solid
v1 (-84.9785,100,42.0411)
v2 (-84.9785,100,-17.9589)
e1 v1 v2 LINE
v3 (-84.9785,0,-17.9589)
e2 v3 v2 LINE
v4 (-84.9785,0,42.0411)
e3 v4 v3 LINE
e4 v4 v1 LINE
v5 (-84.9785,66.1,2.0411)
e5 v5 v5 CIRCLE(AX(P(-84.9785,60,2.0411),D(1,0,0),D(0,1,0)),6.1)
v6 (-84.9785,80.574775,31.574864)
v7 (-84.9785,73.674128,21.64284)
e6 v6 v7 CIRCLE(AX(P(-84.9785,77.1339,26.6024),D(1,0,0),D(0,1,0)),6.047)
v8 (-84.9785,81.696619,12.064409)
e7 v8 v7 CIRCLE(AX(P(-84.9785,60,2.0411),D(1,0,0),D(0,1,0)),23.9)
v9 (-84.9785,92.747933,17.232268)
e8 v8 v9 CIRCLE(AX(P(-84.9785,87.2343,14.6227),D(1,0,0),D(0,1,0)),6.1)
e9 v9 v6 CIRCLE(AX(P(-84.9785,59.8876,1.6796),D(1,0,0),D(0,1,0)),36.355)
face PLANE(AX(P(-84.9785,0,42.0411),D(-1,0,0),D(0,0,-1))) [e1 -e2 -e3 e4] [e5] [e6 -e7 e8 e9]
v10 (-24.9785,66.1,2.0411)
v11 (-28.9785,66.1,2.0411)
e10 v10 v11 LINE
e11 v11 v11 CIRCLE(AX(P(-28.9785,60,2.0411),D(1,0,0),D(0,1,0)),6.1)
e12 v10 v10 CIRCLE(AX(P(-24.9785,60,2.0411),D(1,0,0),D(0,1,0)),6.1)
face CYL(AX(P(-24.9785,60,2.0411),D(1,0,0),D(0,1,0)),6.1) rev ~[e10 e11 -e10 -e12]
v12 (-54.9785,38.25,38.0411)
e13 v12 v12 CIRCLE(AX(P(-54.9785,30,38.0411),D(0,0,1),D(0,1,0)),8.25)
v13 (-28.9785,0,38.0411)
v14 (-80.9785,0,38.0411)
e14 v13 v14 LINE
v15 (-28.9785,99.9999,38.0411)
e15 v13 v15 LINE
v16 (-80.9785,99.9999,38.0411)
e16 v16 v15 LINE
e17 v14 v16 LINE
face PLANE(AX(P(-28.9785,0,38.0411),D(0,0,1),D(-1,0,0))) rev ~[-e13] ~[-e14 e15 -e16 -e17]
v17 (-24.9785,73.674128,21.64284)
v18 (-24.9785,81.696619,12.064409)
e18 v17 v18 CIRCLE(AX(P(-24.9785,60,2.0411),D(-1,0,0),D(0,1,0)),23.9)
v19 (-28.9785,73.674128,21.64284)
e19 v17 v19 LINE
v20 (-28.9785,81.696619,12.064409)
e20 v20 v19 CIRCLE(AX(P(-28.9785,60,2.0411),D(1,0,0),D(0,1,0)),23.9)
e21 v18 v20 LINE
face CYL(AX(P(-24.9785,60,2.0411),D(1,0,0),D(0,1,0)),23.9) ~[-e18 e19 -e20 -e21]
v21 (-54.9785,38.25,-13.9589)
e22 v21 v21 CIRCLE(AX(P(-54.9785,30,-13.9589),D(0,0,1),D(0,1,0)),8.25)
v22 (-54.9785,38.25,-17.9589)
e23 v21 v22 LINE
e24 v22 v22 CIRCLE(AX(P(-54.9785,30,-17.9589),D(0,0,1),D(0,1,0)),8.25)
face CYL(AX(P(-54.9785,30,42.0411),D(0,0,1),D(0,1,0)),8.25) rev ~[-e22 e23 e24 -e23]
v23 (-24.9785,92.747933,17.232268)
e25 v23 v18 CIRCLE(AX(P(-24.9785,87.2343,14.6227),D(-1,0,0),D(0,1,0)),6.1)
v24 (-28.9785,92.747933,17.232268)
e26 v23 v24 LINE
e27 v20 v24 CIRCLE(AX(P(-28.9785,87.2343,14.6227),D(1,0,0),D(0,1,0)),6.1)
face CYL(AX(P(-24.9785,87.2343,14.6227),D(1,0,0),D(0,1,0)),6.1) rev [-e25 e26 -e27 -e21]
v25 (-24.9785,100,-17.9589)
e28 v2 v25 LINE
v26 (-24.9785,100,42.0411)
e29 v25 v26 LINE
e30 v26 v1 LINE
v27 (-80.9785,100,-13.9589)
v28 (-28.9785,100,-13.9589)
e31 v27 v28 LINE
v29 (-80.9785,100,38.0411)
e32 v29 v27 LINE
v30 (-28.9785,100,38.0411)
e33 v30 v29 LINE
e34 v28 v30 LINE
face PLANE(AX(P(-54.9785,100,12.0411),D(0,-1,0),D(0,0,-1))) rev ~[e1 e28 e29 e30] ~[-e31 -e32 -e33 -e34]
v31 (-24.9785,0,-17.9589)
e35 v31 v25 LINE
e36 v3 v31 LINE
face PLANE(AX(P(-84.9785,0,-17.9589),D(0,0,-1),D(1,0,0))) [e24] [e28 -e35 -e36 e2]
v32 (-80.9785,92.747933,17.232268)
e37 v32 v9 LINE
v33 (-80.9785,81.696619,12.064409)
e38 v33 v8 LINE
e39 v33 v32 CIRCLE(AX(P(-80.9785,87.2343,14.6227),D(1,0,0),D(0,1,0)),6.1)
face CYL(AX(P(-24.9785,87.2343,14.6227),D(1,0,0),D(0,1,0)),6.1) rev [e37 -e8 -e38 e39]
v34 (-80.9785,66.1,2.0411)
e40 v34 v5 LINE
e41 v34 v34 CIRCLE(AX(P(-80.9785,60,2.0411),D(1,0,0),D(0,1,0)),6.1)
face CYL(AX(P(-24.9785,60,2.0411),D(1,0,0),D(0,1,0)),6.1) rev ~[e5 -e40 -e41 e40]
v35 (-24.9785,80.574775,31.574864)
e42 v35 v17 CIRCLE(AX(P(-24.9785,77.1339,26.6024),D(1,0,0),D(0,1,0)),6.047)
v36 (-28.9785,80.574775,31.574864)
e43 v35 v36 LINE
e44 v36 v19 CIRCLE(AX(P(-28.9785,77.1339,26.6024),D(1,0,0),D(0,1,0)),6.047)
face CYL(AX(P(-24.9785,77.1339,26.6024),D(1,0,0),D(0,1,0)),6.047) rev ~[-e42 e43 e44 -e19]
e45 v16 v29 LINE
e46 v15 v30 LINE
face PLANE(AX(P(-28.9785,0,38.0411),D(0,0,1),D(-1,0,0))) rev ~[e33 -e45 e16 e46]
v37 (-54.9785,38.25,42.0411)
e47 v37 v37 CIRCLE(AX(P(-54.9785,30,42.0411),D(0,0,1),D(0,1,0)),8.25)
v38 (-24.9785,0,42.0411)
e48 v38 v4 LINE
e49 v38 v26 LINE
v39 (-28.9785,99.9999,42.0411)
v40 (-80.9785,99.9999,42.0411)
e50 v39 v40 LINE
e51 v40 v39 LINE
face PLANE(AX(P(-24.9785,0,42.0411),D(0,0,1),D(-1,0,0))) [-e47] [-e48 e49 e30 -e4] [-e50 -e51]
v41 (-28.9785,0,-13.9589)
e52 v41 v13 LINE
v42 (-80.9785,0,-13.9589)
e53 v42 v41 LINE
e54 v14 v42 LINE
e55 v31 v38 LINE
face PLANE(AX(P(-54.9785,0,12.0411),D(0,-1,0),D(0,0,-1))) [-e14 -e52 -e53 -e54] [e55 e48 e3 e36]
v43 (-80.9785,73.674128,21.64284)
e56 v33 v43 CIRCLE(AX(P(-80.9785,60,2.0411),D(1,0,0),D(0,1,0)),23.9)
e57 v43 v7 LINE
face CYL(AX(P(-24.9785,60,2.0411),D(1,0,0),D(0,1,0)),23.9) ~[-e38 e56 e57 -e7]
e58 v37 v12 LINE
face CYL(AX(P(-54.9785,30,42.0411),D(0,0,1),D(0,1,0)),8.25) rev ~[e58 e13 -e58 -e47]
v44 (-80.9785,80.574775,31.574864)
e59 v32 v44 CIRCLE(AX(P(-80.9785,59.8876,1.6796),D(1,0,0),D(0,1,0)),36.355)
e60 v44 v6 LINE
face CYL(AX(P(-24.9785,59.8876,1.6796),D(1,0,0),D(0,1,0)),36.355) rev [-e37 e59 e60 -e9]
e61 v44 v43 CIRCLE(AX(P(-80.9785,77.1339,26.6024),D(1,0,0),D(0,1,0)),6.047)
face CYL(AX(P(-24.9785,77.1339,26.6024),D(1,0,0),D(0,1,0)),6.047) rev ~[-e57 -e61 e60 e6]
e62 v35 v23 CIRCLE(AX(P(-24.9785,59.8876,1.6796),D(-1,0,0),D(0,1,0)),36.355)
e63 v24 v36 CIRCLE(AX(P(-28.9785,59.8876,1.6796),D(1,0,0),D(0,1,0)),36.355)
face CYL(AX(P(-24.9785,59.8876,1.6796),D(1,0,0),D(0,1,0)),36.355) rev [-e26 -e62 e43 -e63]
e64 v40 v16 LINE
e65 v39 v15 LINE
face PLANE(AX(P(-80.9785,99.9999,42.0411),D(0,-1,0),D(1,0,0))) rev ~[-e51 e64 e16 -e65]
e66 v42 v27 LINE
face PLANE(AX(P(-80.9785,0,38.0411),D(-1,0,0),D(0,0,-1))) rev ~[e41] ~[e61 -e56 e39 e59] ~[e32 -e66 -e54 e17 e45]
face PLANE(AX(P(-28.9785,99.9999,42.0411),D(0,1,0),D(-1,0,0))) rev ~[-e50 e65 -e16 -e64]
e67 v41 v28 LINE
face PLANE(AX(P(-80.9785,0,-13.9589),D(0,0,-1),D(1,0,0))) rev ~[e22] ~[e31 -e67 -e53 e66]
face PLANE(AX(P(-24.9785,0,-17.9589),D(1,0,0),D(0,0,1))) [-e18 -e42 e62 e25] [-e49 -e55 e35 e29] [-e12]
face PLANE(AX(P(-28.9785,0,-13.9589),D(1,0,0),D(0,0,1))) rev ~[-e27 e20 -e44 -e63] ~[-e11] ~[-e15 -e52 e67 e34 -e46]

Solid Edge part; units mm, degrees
sketch "Sketch1" plane through (0, 0, 0) normal (0, -1, 0) x (1, 0, 0)
  line L0 (-80.9785, -13.9589) -> (-28.9785, -13.9589)
  line L1 (-28.9785, -13.9589) -> (-28.9785, 38.0411)
  line L2 (-28.9785, 38.0411) -> (-80.9785, 38.0411)
  line L3 (-80.9785, 38.0411) -> (-80.9785, -13.9589)
  line L4 (-84.9785, -17.9589) -> (-24.9785, -17.9589)
  line L5 (-24.9785, -17.9589) -> (-24.9785, 42.0411)
  line L6 (-24.9785, 42.0411) -> (-84.9785, 42.0411)
  line L7 (-84.9785, 42.0411) -> (-84.9785, -17.9589)
  dimension "D1" = 60
  dimension "D2" = 4
  dimension "D3" = 4
  dimension "D4" = 60
extrude "Protrusion1" add sketch "Sketch1" against normal blind 100
sketch "Sketch2" plane through (-49.9785, 50, 42.0411) normal (0, 0, 1) x (1, 0, 0)
  line L0 (21, 49.9999) -> (-31, 49.9999)
  line L1 (-31, 49.9999) -> (-31, 50) construction
  line L2 (-31, 50) -> (21, 50)
  line L3 (21, 50) -> (21, 49.9999) construction
  dimension "D1" = 0.0001
  dimension "D2" = 52
extrude "Cutout1" cut sketch "Sketch2" against normal blind 5
sketch "Sketch3" plane through (-24.9785, 50, 17.0411) normal (1, 0, 0) x (0, 1, 0)
  arc A0 (23.6741, 4.6017) -> (31.6966, -4.9767) centre (10, -15) cw
  arc A1 (42.748, 0.1912) -> (31.6966, -4.9767) centre (37.2343, -2.4184) cw
  arc A2 (30.5748, 14.5338) -> (42.748, 0.1912) centre (9.8876, -15.3615) cw
  arc A3 (30.5748, 14.5338) -> (23.6741, 4.6017) centre (27.1339, 9.5613) ccw
  circle A4 centre (10, -15) radius 6.1
  dimension "D1" = 12.2
  dimension "D2" = 20
  dimension "D3" = 40
  dimension "D4" = 12.2
  dimension "D5" = 23.9
extrude "Cutout2" cut sketch "Sketch3" against normal through all
sketch "Sketch4" plane through (-49.9785, 75, 42.0411) normal (0, 0, 1) x (0, 1, 0)
  circle A0 centre (-45, 5) radius 8.25
  dimension "D1" = 16.5
  dimension "D2" = 30
  dimension "D3" = 30
  dimension "D4" = 60
extrude "Cutout3" cut sketch "Sketch4" against normal through all
